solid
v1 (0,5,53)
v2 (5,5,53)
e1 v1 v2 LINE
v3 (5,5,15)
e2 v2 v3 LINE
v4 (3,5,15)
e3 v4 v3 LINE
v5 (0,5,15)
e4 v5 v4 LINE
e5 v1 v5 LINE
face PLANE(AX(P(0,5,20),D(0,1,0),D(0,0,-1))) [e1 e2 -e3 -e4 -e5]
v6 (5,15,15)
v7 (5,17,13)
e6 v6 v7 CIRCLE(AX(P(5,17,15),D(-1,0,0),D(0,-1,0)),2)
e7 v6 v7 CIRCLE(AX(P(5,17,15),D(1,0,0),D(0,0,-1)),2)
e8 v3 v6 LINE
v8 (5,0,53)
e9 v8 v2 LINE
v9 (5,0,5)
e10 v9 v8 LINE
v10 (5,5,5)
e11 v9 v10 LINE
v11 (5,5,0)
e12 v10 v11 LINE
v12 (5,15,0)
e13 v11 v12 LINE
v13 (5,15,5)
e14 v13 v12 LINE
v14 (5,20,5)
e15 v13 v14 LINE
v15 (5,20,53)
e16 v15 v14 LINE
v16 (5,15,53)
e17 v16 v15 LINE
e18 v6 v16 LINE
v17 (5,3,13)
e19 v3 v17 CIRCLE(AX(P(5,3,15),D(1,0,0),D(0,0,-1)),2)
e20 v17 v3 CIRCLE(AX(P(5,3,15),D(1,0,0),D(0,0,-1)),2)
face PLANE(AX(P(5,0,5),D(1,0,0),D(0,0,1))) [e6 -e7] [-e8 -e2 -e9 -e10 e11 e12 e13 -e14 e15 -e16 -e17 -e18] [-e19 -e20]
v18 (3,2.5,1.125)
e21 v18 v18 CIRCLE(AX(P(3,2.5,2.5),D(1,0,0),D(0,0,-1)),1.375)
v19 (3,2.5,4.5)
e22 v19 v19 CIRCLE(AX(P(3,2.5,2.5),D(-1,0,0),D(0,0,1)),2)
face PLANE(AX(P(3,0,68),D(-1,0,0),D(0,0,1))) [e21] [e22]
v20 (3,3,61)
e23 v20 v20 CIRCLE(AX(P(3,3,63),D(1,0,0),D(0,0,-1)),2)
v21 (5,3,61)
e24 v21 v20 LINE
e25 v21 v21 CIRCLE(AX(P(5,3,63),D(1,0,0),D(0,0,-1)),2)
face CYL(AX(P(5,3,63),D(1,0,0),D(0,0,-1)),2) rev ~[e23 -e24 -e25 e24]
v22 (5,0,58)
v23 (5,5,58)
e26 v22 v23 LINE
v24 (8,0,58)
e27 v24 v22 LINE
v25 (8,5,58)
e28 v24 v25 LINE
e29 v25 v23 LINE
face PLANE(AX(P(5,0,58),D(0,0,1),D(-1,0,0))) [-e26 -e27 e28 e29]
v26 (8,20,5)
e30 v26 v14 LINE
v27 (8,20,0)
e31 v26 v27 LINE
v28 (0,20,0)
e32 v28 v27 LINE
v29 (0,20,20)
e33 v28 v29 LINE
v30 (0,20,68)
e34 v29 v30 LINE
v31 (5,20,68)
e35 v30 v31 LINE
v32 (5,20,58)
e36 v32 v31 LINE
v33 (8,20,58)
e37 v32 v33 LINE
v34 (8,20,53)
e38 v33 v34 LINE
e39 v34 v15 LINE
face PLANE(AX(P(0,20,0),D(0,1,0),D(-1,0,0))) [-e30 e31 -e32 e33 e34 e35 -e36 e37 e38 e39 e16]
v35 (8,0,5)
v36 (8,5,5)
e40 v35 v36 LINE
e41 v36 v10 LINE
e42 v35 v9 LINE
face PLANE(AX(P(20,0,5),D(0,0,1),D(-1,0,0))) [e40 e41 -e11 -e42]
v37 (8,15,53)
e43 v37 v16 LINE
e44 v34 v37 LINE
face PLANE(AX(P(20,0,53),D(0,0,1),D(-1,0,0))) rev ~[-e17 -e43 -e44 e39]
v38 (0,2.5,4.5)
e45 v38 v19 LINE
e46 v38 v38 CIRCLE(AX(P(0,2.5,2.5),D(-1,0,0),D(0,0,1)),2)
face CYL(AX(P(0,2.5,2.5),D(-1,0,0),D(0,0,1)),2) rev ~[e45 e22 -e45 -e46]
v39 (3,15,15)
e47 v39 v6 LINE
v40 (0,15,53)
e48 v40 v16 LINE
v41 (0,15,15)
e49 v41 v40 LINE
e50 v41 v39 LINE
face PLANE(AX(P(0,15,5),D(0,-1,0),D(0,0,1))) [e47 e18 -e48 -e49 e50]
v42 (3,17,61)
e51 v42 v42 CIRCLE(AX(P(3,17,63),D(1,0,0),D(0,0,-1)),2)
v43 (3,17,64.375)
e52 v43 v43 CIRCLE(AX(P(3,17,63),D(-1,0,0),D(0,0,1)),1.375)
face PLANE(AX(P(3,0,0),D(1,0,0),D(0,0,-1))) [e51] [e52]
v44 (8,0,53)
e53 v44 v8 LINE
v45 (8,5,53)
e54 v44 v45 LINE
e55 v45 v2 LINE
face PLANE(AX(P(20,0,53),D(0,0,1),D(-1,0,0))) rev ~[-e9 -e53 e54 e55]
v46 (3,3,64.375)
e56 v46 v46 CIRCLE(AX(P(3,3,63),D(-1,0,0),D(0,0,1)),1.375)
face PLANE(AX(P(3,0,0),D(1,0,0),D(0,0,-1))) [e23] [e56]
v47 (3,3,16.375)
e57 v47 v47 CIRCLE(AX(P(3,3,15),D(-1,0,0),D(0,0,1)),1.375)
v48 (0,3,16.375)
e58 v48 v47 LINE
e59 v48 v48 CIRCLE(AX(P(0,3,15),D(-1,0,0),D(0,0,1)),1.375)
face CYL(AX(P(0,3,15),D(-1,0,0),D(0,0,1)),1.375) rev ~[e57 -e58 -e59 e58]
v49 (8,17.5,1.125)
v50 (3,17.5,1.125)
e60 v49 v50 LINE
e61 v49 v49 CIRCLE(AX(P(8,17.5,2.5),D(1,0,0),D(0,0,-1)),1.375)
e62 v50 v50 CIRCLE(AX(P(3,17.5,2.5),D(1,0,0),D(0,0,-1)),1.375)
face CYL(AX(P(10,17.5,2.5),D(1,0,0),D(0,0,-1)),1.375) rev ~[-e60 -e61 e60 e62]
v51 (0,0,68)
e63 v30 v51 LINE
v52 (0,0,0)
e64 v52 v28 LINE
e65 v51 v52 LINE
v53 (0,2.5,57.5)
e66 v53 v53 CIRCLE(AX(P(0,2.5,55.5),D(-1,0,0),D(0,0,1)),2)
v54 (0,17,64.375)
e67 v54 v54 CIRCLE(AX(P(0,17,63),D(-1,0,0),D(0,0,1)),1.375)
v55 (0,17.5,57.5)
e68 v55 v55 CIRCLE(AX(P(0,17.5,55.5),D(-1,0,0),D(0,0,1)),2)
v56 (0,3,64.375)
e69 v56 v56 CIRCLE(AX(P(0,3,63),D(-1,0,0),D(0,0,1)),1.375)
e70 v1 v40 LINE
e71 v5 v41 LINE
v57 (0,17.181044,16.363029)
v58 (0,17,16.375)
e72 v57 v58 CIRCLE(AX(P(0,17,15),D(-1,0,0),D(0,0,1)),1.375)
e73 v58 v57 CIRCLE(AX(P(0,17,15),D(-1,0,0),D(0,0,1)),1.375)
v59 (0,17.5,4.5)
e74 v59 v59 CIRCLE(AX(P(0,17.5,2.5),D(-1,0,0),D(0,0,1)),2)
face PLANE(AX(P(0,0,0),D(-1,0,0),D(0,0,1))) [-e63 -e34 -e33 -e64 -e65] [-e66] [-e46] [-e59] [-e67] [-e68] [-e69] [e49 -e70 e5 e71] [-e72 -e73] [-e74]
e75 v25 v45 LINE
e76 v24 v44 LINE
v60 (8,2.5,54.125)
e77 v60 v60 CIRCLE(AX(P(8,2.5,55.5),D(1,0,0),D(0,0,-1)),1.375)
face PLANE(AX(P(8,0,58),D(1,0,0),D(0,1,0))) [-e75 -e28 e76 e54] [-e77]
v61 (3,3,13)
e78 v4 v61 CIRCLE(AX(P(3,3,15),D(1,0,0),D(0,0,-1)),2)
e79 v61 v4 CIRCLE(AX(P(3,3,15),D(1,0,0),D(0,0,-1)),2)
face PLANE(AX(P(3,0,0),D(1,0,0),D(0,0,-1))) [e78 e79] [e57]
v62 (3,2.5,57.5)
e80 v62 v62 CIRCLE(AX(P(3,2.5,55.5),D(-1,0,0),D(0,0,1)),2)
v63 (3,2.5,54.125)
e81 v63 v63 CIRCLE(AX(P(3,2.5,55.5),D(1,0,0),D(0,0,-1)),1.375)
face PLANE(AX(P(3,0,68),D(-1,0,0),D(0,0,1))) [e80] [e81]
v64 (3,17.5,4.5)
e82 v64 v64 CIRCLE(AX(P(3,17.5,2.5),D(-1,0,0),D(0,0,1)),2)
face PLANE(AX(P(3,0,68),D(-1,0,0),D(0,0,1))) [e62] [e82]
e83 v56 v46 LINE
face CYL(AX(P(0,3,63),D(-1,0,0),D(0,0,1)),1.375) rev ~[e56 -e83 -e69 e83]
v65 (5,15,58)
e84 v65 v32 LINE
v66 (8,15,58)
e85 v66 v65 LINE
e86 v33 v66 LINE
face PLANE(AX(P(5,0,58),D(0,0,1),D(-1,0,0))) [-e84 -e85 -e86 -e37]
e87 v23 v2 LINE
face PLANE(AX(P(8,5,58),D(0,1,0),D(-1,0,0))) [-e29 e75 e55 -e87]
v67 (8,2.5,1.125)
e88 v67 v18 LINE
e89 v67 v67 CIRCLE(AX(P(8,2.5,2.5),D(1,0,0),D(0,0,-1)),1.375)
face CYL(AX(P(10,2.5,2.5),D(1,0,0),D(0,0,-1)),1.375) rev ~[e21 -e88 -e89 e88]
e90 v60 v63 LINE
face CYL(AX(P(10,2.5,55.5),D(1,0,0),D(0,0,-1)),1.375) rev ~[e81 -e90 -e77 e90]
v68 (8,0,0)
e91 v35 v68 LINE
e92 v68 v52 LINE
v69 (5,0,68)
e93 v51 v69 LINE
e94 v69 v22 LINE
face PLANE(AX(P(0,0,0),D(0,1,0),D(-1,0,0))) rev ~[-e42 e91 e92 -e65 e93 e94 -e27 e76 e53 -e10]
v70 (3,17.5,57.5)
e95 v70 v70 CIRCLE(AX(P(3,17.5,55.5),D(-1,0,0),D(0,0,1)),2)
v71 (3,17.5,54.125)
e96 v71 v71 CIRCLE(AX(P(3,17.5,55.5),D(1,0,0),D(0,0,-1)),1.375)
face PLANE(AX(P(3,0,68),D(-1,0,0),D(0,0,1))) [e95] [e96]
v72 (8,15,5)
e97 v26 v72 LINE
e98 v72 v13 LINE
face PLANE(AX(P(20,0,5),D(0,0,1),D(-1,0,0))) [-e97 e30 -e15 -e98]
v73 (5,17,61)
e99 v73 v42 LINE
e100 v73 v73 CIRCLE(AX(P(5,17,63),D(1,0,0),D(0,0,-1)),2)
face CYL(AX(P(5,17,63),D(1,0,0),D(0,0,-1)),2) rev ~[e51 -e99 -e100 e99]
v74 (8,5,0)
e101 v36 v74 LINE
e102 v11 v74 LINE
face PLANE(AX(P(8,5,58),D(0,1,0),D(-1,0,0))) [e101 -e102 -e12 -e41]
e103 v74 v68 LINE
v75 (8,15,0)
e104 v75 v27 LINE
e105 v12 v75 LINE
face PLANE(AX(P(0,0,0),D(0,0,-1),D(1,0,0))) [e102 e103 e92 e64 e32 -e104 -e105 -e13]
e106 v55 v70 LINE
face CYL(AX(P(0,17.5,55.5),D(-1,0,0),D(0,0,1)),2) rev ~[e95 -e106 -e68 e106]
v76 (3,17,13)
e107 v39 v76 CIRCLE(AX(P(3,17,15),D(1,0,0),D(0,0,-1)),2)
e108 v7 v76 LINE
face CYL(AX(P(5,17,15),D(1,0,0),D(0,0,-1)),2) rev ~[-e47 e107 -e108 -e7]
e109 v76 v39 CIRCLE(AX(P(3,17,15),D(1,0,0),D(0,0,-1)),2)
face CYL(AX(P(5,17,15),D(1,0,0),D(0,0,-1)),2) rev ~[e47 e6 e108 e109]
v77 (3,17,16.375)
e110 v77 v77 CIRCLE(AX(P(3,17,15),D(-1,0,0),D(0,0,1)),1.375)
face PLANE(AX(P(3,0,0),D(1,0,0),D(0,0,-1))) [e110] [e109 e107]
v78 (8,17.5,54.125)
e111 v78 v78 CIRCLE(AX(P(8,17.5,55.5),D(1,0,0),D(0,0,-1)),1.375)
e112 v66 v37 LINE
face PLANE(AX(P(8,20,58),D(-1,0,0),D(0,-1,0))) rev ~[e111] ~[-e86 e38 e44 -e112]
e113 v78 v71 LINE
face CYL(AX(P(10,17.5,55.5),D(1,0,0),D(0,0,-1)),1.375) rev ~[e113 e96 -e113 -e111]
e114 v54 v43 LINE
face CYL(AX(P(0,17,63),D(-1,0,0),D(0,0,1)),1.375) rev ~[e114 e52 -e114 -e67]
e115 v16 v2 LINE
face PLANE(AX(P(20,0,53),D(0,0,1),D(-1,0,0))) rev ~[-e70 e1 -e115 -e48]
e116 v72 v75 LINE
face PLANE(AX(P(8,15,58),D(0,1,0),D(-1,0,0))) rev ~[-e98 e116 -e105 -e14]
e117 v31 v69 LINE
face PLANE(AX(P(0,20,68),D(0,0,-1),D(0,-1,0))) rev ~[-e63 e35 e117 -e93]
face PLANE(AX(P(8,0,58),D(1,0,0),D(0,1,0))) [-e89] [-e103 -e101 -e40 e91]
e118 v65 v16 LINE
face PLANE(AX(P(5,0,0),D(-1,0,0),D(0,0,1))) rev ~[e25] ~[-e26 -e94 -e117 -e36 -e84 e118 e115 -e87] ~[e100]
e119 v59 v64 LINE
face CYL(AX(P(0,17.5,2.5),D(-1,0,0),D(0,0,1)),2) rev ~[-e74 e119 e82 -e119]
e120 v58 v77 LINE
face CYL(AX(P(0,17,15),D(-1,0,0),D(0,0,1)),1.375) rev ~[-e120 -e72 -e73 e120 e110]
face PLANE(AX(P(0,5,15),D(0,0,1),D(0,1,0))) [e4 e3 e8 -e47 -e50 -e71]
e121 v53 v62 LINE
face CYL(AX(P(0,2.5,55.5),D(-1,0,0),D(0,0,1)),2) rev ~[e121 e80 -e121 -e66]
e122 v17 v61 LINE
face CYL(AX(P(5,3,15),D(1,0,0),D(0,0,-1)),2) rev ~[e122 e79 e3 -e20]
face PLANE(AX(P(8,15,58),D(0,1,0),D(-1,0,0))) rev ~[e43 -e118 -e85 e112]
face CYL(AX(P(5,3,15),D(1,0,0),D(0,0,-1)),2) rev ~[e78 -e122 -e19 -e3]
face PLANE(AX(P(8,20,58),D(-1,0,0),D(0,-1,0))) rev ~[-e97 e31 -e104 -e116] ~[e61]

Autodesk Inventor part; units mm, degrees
ref_plane "YZ Plane" through (0, 0, 0) normal (1, 0, 0) x (0, 1, 0)
ref_plane "XZ Plane" through (0, 0, 0) normal (0, 1, 0) x (-1, 0, 0)
ref_plane "XY Plane" through (0, 0, 0) normal (0, 0, 1) x (1, 0, 0)
sketch "Sketch1" plane through (0, 0, 0) normal (0, 1, 0) x (-1, 0, 0)
  line L0 (0, 0) -> (-5, 0)
  line L1 (-5, 0) -> (-5, 58)
  line L2 (-5, 58) -> (0, 58)
  line L3 (0, 58) -> (0, 0)
  line L4 (-5, 58) -> (-20, 58)
  line L5 (-20, 58) -> (-20, 53)
  line L6 (-20, 53) -> (-5, 53)
  line L7 (-5, 53) -> (-5, 58)
  line L8 (-5, 0) -> (-20, 0)
  line L9 (-20, 0) -> (-20, 5)
  line L10 (-20, 5) -> (-5, 5)
  line L11 (-5, 5) -> (-5, 0)
  point P0 (-5, 5)
  dimension "d0" = 5
  dimension "d1" = 5
  dimension "d2" = 5
  dimension "d3" = 15
  dimension "d4" = 15
  dimension "d5" = 48
extrude "Extrusion1" add sketch "Sketch1" along normal blind 20
sketch "Sketch2" plane through (0, 0, 58) normal (0, 0, 1) x (1, 0, 0)
  circle A0 centre (10, 10) radius 2.5
  line L0 (20, 0) -> (20, 20) projected
  line L1 (20, 0) -> (10, 0)
  line L2 (10, 0) -> (10, 20)
  line L3 (10, 20) -> (20, 20)
  line L4 (20, 20) -> (20, 0)
  line L5 (0, 0) -> (20, 0) projected
  line L6 (10, 4) -> (7, 4)
  line L7 (7, 4) -> (7, 16)
  line L8 (7, 16) -> (10, 16)
  line L9 (10, 16) -> (10, 4)
  dimension "d8" = 10
  dimension "d9" = 10
  dimension "d10" = 10
  dimension "d11" = 5
  dimension "d54" = 12
  dimension "d55" = 4
  dimension "d56" = 3
extrude "Extrusion2" cut sketch "Sketch2" against normal blind 200 contours A0 L2 | A0 L2 L3 L0 L1 | L2 A0
sketch "Sketch3" plane through (0, 0, 0) normal (-1, 0, 0) x (0, 0, 1)
  line L0 (5, 0) -> (5, 20) projected
  line L1 (53, 0) -> (53, 20) projected
  line L2 (5, 15) -> (53, 15)
  line L3 (53, 15) -> (53, 5)
  line L4 (53, 5) -> (5, 5)
  line L5 (5, 5) -> (5, 15)
  line L6 (0, 20) -> (58, 20) projected
  line L7 (0, 0) -> (58, 0) projected
  point P0 (5, 5)
  dimension "d14" = 5
  dimension "d15" = 5
extrude "Extrusion3" cut sketch "Sketch3" against normal blind 20 contours L0 L2 L1 L4
sketch "Sketch4" plane through (0, 0, 0) normal (-1, 0, 0) x (0, 0, 1)
  line L0 (58, 0) -> (58, 20) projected
  line L1 (58, 20) -> (68, 20)
  line L2 (68, 20) -> (68, 0)
  line L3 (68, 0) -> (58, 0)
  line L4 (58, 0) -> (58, 20)
  line L5 (20, 20) -> (10.5196, 12.6519)
  line L6 (20, 20) -> (10, 20)
  line L7 (10, 20) -> (10, 0)
  line L8 (10, 0) -> (20, 0)
  line L9 (20, 0) -> (20, 20)
  circle A0 centre (63, 3) radius 1.375
  circle A1 centre (63, 17) radius 1.375
  circle A2 centre (15, 17) radius 1.375
  circle A3 centre (15, 3) radius 1.375
  line L10 (0, 0) -> (58, 0) projected
  line L11 (0, 20) -> (58, 20) projected
  line L12 (0, 0) -> (0, 20) projected
  point P0 (10.5196, 0.1519)
  point P1 (63, 20)
  dimension "d18" = 10
  dimension "d19" = 10
  dimension "d20" = 3
  dimension "d21" = 3
  dimension "d22" = 5
  dimension "d23" = 5
  dimension "d24" = 5
  dimension "d25" = 5
  dimension "d26" = 3
  dimension "d27" = 3
  dimension "d28" = 2.75
  dimension "d29" = 2.75
  dimension "d30" = 2.75
  dimension "d31" = 2.75
  dimension "d63" = 0
  dimension "d64" = 0
  dimension "d65" = 10
extrude "Extrusion4" add sketch "Sketch4" against normal blind 5 contours L0 L1 L2 L3 | L8 L7 L6 L9
sketch "Sketch5" plane through (10, 12.5, 58) normal (1, 0, 0) x (0, 0, -1)
  circle A0 centre (55.5, 5) radius 1.375
  circle A1 centre (55.5, -10) radius 1.375
  circle A2 centre (2.5, 5) radius 1.375
  circle A3 centre (2.5, -10) radius 1.375
  line L0 (53, 7.5) -> (58, 7.5) projected
  line L1 (58, 7.5) -> (58, 0) projected
  line L2 (58, -5) -> (58, -12.5) projected
  line L3 (58, -12.5) -> (53, -12.5) projected
  line L4 (5, -12.5) -> (0, -12.5) projected
  line L5 (0, -12.5) -> (0, -5) projected
  line L6 (0, 0) -> (0, 7.5) projected
  line L7 (0, 7.5) -> (5, 7.5) projected
  dimension "d34" = 2.5
  dimension "d35" = 2.5
  dimension "d36" = 2.5
  dimension "d37" = 2.5
  dimension "d38" = 2.5
  dimension "d39" = 2.5
  dimension "d40" = 2.5
  dimension "d41" = 2.5
  dimension "d42" = 2.75
  dimension "d43" = 2.75
  dimension "d44" = 2.75
  dimension "d45" = 2.75
extrude "Extrusion5" cut sketch "Sketch5" against normal blind 15
sketch "Sketch6" plane through (0, 0, 68) normal (-1, 0, 0) x (0, 0, 1)
  circle A0 centre (-12.5, 17.5) radius 1.375 projected
  circle A1 centre (-12.5, 17.5) radius 2
  circle A2 centre (-12.5, 2.5) radius 1.375 projected
  circle A3 centre (-12.5, 2.5) radius 2
  circle A4 centre (-65.5, 2.5) radius 1.375 projected
  circle A5 centre (-65.5, 2.5) radius 2
  circle A6 centre (-65.5, 17.5) radius 1.375 projected
  circle A7 centre (-65.5, 17.5) radius 2
  point P0 (-68, 0)
  dimension "d48" = 4
  dimension "d49" = 4
  dimension "d50" = 4
  dimension "d51" = 4
extrude "Extrusion6" cut sketch "Sketch6" against normal blind 3 contours A0 | A1 | A2 | A3 | A4 | A5 | A6 | A7
sketch "Sketch7" plane through (10, 10, 58) normal (0, 0, 1) x (1, 0, 0)
  line L0 (-10, -10) -> (-5, -10) projected
  line L1 (-5, -10) -> (-2, -10)
  line L2 (-2, -10) -> (-2, -5)
  line L3 (-2, -5) -> (-5, -5)
  line L4 (-5, -5) -> (-5, -10)
  line L5 (-5, 5) -> (-5, 10) projected
  line L6 (-5, 10) -> (-2, 10)
  line L7 (-2, 10) -> (-2, 5)
  line L8 (-2, 5) -> (-5, 5)
  line L9 (-5, 5) -> (-5, 10)
  line L10 (-5, 10) -> (-5, -10) projected
  line L11 (-5, -10) -> (0, -10) projected
  line L12 (0, -10) -> (0, -2.5) projected
  arc A0 (0, 2.5) -> (0, -2.5) centre (0, 0) ccw projected
  line L13 (0, 2.5) -> (0, 10) projected
  line L14 (-5, 10) -> (0, 10) projected
  point P0 (-2, 10)
  point P1 (-2, -10)
  dimension "d57" = 5
  dimension "d58" = 5
  dimension "d59" = 3
  dimension "d60" = 3
extrude "Extrusion7" cut sketch "Sketch7" against normal blind 1000 contours L2 L3 L10 L8 L7 L14 L13 A0 L12 L11
sketch "Sketch8" plane through (0, 0, 0) normal (-1, 0, 0) x (0, 0, 1)
  circle A0 centre (2.5, 17.5) radius 2 projected
  circle A1 centre (55.5, 17.5) radius 2 projected
  circle A2 centre (2.5, 2.5) radius 2 projected
  circle A3 centre (55.5, 2.5) radius 2 projected
  line L0 (10, 5) -> (5, 5) projected
  line L1 (5, 5) -> (5, 15) projected
  line L2 (5, 15) -> (10, 15) projected
  line L3 (10, 15) -> (10, 5) projected
  circle A4 centre (63, 17) radius 1.375 projected
  circle A5 centre (63, 3) radius 1.375 projected
  line L4 (0, 0) -> (68, 0) projected
  line L5 (68, 0) -> (68, 20) projected
  line L6 (0, 20) -> (68, 20) projected
  line L7 (0, 0) -> (0, 20) projected
  line L8 (20, 5) -> (20, 15) projected
  line L9 (20, 15) -> (53, 15) projected
  line L10 (53, 15) -> (53, 5) projected
  line L11 (53, 5) -> (20, 5) projected
extrude "Extrusion8" add sketch "Sketch8" against normal blind 5 contours L0 L1 L2 L3
sketch "Sketch9" plane through (0, 0, 0) normal (-1, 0, 0) x (0, 0, 1)
  circle A0 centre (15, 17) radius 1.375
  circle A1 centre (15, 3) radius 1.375
  line L0 (68, 0) -> (68, 20) projected
  circle A2 centre (63, 3) radius 1.375 projected
  line L1 (0, 0) -> (68, 0) projected
  line L2 (0, 20) -> (68, 20) projected
  line L3 (20, 5) -> (20, 15) projected
  dimension "d68" = 5
  dimension "d69" = 3
  dimension "d70" = 3
  dimension "d71" = 3
  dimension "d72" = 5
  dimension "d73" = 5
  dimension "d74" = 2.75
  dimension "d75" = 2.75
  dimension "d76" = 2.75
extrude "Extrusion9" cut sketch "Sketch9" against normal blind 5 contours A0 | A1
sketch "Sketch10" plane through (0, 0, 0) normal (-1, 0, 0) x (0, 0, 1)
  line L0 (53, 5) -> (20, 5) projected
  line L1 (20, 5) -> (15, 5)
  line L2 (15, 5) -> (15, 15)
  line L3 (15, 15) -> (20, 15)
  line L4 (20, 15) -> (20, 5)
  point P0 (0, 0)
  dimension "d79" = 5
extrude "Extrusion10" cut sketch "Sketch10" against normal blind 5
sketch "Sketch11" plane through (5, 0, 0) normal (1, 0, 0) x (0, 0, -1)
  circle A0 centre (-63, 17) radius 1.375 projected
  circle A1 centre (-63, 17) radius 2
  circle A2 centre (-63, 3) radius 1.375 projected
  circle A3 centre (-63, 3) radius 2
  circle A4 centre (-15, 3) radius 1.375 projected
  circle A5 centre (-15, 3) radius 2
  circle A6 centre (-15, 17) radius 1.375 projected
  circle A7 centre (-15, 17) radius 2
  point P0 (0, 0)
  dimension "d82" = 4
  dimension "d83" = 4
  dimension "d84" = 4
  dimension "d85" = 4
extrude "Extrusion11" cut sketch "Sketch11" against normal blind 2 contours A0 | A1 | A2 | A3 | A4 | A5 | A6 | A7
equation "\"d14\" = d15"
equation "\"d19\" = d18"
equation "\"d20\" = d21"
equation "\"d24\" = d23"
equation "\"d25\" = d22"
equation "\"d26\" = d20"
equation "\"d27\" = d21"
equation "\"d34\" = d35"
equation "\"d37\" = d34"
equation "\"d38\" = d34"
equation "\"d39\" = d36"
equation "\"d40\" = d39"
equation "\"d41\" = d34"
equation "\"d44\" = d42"
equation "\"d45\" = d43"
equation "\"d49\" = d48"
equation "\"d50\" = d49"
equation "\"d51\" = d48"
equation "\"d75\" = d74"
equation "\"d76\" = d75"
properties part number "MotorDifferentialMountingBracket"
